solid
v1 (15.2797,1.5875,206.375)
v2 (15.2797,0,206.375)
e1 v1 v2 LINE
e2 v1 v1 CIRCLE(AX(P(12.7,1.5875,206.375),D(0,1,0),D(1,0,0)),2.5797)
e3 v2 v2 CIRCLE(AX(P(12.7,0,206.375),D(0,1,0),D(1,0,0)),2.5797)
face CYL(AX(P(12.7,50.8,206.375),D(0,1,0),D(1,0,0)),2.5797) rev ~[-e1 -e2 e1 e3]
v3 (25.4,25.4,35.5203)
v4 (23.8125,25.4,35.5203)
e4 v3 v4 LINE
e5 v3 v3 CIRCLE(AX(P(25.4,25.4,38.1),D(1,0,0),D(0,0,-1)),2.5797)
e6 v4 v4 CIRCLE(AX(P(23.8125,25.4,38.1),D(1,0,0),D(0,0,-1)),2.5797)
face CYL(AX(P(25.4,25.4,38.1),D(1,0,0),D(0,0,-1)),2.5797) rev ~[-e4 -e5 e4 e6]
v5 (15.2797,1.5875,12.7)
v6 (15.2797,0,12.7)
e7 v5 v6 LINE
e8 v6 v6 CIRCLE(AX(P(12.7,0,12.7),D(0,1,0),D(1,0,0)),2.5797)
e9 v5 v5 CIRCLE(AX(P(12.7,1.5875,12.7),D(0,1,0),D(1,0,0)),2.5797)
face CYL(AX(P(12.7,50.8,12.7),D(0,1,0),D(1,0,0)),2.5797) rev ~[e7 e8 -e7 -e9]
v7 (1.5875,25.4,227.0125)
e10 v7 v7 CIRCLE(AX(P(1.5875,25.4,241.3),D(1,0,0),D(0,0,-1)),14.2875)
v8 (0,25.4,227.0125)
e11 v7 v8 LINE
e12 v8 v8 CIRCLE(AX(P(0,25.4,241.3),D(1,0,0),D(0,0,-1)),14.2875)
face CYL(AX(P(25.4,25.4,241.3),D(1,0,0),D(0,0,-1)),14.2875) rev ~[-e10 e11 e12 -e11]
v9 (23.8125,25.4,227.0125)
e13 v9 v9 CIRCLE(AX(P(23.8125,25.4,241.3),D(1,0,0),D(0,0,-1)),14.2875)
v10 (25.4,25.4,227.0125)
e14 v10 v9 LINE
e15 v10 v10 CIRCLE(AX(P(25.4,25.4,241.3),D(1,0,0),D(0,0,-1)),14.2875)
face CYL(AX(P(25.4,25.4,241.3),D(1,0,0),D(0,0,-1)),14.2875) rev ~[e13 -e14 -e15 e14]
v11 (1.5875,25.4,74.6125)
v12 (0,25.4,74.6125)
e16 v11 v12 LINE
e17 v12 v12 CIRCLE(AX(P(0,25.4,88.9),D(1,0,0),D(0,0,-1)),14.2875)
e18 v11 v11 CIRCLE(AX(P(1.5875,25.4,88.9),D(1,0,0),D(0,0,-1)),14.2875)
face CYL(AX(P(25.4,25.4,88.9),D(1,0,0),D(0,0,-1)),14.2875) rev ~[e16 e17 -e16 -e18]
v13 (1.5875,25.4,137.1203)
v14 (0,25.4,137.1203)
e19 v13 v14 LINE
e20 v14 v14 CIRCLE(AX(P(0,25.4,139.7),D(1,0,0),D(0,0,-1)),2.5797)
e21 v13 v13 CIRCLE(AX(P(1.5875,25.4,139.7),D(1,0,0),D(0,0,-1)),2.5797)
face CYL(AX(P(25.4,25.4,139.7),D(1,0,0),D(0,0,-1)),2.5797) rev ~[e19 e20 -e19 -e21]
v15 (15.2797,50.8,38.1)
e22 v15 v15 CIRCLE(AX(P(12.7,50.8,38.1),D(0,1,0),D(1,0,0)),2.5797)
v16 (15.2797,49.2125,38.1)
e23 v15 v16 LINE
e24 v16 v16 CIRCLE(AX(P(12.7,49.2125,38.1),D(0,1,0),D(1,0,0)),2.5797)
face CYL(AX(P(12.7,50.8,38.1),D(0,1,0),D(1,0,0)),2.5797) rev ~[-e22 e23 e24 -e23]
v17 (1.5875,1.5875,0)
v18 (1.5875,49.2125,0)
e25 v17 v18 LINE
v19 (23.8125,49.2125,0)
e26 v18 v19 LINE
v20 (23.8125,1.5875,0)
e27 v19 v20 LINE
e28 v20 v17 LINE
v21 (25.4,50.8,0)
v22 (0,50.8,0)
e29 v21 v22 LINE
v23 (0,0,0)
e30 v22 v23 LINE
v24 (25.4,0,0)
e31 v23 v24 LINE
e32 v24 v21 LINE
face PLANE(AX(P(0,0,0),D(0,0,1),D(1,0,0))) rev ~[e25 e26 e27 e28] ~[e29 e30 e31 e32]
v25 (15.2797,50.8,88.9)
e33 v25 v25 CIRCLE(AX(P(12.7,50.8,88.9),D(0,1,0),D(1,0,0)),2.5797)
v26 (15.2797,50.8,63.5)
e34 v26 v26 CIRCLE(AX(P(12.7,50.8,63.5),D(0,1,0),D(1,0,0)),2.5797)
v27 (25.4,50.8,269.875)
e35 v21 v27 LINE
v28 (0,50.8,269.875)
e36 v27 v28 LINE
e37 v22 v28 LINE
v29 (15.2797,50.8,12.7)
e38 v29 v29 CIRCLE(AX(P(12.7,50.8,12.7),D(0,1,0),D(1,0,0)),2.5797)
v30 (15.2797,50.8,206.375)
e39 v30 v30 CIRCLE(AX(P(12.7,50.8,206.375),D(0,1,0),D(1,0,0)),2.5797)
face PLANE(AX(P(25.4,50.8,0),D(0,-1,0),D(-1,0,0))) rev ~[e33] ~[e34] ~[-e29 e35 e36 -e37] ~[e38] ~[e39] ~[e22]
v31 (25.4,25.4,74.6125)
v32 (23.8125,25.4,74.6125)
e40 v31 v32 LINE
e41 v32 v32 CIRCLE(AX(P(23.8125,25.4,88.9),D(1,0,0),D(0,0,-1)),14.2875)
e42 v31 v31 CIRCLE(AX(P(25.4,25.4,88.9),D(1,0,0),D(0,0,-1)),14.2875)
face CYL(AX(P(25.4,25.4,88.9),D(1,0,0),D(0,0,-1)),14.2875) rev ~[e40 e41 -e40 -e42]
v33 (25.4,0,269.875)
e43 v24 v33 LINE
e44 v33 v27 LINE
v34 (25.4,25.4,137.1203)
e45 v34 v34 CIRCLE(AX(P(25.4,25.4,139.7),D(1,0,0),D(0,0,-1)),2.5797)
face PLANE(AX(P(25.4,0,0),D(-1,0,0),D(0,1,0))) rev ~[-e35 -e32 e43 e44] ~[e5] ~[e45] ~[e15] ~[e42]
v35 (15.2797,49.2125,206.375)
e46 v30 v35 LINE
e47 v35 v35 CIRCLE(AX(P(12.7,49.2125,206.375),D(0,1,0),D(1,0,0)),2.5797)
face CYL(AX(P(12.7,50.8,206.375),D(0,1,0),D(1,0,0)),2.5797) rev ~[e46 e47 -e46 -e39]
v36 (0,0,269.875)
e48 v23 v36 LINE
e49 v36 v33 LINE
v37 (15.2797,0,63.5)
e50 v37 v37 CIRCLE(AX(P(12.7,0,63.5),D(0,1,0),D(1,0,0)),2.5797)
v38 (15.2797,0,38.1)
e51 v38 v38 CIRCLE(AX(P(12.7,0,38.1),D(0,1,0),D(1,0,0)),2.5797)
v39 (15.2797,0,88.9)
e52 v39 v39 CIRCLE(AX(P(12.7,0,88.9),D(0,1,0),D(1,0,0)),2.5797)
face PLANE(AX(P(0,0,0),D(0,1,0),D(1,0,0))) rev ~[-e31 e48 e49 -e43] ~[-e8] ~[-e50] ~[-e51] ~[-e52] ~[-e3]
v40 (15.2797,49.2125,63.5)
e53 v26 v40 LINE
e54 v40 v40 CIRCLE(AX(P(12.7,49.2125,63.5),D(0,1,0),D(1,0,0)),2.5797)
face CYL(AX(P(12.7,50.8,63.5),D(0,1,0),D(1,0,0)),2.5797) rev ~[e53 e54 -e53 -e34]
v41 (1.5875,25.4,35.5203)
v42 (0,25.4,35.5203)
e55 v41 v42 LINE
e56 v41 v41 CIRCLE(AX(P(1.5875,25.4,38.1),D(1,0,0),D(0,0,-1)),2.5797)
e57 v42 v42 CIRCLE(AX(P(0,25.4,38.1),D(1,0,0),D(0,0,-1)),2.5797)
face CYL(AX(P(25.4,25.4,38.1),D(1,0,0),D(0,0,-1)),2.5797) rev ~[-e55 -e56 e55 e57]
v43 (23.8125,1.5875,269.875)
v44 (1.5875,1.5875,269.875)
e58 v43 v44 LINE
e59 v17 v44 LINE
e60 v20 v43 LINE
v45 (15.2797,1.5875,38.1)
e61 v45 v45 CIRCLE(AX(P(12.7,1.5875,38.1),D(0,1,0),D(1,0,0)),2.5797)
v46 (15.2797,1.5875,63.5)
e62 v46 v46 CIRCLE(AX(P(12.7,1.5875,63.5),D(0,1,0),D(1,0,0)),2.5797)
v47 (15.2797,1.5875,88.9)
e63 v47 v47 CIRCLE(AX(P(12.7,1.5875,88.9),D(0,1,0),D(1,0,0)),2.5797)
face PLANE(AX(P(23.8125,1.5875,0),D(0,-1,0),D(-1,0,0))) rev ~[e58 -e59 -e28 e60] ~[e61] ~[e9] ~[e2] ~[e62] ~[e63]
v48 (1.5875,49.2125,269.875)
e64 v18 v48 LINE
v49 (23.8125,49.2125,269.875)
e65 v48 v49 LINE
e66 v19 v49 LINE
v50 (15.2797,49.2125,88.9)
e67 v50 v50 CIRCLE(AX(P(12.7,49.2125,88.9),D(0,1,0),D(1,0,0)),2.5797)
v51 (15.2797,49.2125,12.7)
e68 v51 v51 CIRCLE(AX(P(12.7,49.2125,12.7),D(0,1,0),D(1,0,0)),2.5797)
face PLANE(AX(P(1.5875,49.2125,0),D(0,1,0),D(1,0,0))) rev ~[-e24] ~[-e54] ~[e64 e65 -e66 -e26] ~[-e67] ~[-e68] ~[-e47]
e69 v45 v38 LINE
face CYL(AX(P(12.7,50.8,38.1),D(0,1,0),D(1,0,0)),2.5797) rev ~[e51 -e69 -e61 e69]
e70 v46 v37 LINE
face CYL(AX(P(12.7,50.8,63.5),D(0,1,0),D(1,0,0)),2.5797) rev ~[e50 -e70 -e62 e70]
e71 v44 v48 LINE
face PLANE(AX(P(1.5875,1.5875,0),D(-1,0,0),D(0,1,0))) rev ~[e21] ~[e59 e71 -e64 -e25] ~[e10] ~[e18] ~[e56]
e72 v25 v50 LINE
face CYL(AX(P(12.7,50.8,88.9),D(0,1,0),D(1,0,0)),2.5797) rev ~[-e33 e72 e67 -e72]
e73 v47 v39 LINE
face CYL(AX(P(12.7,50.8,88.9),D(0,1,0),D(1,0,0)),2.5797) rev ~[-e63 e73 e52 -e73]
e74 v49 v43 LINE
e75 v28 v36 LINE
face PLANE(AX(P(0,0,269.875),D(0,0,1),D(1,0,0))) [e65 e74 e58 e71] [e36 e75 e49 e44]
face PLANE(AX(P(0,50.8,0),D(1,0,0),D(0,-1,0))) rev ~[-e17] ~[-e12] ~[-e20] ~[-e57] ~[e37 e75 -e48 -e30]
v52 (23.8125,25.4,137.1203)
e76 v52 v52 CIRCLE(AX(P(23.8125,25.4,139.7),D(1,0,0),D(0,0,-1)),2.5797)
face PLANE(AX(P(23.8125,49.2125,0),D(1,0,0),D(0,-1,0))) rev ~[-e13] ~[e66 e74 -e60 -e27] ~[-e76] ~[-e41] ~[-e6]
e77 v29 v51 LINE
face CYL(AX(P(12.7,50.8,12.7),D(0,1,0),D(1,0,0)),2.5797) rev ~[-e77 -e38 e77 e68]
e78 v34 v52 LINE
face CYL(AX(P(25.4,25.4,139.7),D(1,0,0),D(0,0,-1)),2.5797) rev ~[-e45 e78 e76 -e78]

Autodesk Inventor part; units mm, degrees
ref_plane "YZ Plane" through (0, 0, 0) normal (1, 0, 0) x (0, 1, 0)
ref_plane "XZ Plane" through (0, 0, 0) normal (0, 1, 0) x (-1, 0, 0)
ref_plane "XY Plane" through (0, 0, 0) normal (0, 0, 1) x (1, 0, 0)
sketch "Sketch1" plane through (0, 0, 0) normal (0, 0, 1) x (1, 0, 0)
  line L0 (0, 0) -> (25.4, 0)
  line L1 (25.4, 0) -> (25.4, 50.8)
  line L2 (25.4, 50.8) -> (0, 50.8)
  line L3 (0, 50.8) -> (0, 0)
  line L4 (1.5875, 49.2125) -> (23.8125, 49.2125)
  line L5 (23.8125, 49.2125) -> (23.8125, 1.5875)
  line L6 (23.8125, 1.5875) -> (1.5875, 1.5875)
  line L7 (1.5875, 1.5875) -> (1.5875, 49.2125)
  dimension "d0" = 25.4
  dimension "d1" = 50.8
  dimension "d2" = 1.5875
extrude "Extrusion1" add sketch "Sketch1" along normal blind 269.875
sketch "Sketch2" plane through (25.4, 0, 0) normal (1, 0, 0) x (0, 0, -1)
  line L0 (-269.875, 49.2125) -> (-269.875, 1.5875) construction
  line L1 (-269.875, 25.4) -> (-241.3, 25.4) construction
  circle A0 centre (-241.3, 25.4) radius 14.2875
  point P0 (0, 0)
  dimension "d20" = 28.575
  dimension "d21" = 28.575
sketch "Sketch4" plane through (0, 50.8, 0) normal (0, 1, 0) x (1, 0, 0)
  line L0 (1.5875, 0) -> (23.8125, 0) construction
  line L1 (12.7, 0) -> (12.7, -12.7) construction
  line L2 (12.7, -12.7) -> (12.7, -38.1) construction
  line L3 (12.7, -38.1) -> (12.7, -63.5) construction
  circle A0 centre (12.7, -12.7) radius 2.5797
  circle A1 centre (12.7, -38.1) radius 2.5797
  circle A2 centre (12.7, -63.5) radius 2.5797
  point P0 (0, 0)
  dimension "d14" = 12.7
  dimension "d15" = 25.4
  dimension "d16" = 25.4
  dimension "d17" = 5.1594
extrude "Extrusion4" cut sketch "Sketch4" against normal blind 68.2625
extrude "Extrusion5" cut sketch "Sketch2" against normal blind 25.4
sketch "Sketch5" plane through (25.4, 0, 0) normal (1, 0, 0) x (0, 0, -1)
  line L0 (0, 1.5875) -> (0, 49.2125) construction
  line L1 (0, 25.4) -> (-38.1, 25.4) construction
  line L2 (0, 25.4) -> (38.1, 25.4) construction
  line L3 (-38.1, 25.4) -> (-139.7, 25.4) construction
  circle A0 centre (-139.7, 25.4) radius 2.5797
  circle A1 centre (-38.1, 25.4) radius 2.5797
  circle A2 centre (-88.9, 25.4) radius 14.2875
  point P0 (0, 0)
  dimension "d24" = 38.1
  dimension "d25" = 180
  dimension "d26" = 101.6
  dimension "d27" = 5.1594
  dimension "d30" = 28.575
extrude "Extrusion7" cut sketch "Sketch5" against normal blind 25.4
sketch "Sketch7" plane through (0, 50.8, 0) normal (0, 1, 0) x (1, 0, 0)
  circle A0 centre (12.7, -63.5) radius 2.5797 construction
  line L0 (12.7, -63.5) -> (12.7, -88.9) construction
  circle A1 centre (12.7, -88.9) radius 2.5797
  point P0 (0, 0)
  dimension "d37" = 25.4
extrude "Extrusion9" cut sketch "Sketch7" against normal blind 66.675
sketch "Sketch8" plane through (0, 50.8, 0) normal (0, 1, 0) x (1, 0, 0)
  line L0 (23.8125, -269.875) -> (1.5875, -269.875) construction
  line L1 (12.7, -269.875) -> (12.7, -206.375) construction
  circle A0 centre (12.7, -206.375) radius 2.5797
  point P0 (0, 0)
  dimension "d40" = 63.5
  dimension "d41" = 5.1594
extrude "Extrusion10" cut sketch "Sketch8" against normal blind 66.675
